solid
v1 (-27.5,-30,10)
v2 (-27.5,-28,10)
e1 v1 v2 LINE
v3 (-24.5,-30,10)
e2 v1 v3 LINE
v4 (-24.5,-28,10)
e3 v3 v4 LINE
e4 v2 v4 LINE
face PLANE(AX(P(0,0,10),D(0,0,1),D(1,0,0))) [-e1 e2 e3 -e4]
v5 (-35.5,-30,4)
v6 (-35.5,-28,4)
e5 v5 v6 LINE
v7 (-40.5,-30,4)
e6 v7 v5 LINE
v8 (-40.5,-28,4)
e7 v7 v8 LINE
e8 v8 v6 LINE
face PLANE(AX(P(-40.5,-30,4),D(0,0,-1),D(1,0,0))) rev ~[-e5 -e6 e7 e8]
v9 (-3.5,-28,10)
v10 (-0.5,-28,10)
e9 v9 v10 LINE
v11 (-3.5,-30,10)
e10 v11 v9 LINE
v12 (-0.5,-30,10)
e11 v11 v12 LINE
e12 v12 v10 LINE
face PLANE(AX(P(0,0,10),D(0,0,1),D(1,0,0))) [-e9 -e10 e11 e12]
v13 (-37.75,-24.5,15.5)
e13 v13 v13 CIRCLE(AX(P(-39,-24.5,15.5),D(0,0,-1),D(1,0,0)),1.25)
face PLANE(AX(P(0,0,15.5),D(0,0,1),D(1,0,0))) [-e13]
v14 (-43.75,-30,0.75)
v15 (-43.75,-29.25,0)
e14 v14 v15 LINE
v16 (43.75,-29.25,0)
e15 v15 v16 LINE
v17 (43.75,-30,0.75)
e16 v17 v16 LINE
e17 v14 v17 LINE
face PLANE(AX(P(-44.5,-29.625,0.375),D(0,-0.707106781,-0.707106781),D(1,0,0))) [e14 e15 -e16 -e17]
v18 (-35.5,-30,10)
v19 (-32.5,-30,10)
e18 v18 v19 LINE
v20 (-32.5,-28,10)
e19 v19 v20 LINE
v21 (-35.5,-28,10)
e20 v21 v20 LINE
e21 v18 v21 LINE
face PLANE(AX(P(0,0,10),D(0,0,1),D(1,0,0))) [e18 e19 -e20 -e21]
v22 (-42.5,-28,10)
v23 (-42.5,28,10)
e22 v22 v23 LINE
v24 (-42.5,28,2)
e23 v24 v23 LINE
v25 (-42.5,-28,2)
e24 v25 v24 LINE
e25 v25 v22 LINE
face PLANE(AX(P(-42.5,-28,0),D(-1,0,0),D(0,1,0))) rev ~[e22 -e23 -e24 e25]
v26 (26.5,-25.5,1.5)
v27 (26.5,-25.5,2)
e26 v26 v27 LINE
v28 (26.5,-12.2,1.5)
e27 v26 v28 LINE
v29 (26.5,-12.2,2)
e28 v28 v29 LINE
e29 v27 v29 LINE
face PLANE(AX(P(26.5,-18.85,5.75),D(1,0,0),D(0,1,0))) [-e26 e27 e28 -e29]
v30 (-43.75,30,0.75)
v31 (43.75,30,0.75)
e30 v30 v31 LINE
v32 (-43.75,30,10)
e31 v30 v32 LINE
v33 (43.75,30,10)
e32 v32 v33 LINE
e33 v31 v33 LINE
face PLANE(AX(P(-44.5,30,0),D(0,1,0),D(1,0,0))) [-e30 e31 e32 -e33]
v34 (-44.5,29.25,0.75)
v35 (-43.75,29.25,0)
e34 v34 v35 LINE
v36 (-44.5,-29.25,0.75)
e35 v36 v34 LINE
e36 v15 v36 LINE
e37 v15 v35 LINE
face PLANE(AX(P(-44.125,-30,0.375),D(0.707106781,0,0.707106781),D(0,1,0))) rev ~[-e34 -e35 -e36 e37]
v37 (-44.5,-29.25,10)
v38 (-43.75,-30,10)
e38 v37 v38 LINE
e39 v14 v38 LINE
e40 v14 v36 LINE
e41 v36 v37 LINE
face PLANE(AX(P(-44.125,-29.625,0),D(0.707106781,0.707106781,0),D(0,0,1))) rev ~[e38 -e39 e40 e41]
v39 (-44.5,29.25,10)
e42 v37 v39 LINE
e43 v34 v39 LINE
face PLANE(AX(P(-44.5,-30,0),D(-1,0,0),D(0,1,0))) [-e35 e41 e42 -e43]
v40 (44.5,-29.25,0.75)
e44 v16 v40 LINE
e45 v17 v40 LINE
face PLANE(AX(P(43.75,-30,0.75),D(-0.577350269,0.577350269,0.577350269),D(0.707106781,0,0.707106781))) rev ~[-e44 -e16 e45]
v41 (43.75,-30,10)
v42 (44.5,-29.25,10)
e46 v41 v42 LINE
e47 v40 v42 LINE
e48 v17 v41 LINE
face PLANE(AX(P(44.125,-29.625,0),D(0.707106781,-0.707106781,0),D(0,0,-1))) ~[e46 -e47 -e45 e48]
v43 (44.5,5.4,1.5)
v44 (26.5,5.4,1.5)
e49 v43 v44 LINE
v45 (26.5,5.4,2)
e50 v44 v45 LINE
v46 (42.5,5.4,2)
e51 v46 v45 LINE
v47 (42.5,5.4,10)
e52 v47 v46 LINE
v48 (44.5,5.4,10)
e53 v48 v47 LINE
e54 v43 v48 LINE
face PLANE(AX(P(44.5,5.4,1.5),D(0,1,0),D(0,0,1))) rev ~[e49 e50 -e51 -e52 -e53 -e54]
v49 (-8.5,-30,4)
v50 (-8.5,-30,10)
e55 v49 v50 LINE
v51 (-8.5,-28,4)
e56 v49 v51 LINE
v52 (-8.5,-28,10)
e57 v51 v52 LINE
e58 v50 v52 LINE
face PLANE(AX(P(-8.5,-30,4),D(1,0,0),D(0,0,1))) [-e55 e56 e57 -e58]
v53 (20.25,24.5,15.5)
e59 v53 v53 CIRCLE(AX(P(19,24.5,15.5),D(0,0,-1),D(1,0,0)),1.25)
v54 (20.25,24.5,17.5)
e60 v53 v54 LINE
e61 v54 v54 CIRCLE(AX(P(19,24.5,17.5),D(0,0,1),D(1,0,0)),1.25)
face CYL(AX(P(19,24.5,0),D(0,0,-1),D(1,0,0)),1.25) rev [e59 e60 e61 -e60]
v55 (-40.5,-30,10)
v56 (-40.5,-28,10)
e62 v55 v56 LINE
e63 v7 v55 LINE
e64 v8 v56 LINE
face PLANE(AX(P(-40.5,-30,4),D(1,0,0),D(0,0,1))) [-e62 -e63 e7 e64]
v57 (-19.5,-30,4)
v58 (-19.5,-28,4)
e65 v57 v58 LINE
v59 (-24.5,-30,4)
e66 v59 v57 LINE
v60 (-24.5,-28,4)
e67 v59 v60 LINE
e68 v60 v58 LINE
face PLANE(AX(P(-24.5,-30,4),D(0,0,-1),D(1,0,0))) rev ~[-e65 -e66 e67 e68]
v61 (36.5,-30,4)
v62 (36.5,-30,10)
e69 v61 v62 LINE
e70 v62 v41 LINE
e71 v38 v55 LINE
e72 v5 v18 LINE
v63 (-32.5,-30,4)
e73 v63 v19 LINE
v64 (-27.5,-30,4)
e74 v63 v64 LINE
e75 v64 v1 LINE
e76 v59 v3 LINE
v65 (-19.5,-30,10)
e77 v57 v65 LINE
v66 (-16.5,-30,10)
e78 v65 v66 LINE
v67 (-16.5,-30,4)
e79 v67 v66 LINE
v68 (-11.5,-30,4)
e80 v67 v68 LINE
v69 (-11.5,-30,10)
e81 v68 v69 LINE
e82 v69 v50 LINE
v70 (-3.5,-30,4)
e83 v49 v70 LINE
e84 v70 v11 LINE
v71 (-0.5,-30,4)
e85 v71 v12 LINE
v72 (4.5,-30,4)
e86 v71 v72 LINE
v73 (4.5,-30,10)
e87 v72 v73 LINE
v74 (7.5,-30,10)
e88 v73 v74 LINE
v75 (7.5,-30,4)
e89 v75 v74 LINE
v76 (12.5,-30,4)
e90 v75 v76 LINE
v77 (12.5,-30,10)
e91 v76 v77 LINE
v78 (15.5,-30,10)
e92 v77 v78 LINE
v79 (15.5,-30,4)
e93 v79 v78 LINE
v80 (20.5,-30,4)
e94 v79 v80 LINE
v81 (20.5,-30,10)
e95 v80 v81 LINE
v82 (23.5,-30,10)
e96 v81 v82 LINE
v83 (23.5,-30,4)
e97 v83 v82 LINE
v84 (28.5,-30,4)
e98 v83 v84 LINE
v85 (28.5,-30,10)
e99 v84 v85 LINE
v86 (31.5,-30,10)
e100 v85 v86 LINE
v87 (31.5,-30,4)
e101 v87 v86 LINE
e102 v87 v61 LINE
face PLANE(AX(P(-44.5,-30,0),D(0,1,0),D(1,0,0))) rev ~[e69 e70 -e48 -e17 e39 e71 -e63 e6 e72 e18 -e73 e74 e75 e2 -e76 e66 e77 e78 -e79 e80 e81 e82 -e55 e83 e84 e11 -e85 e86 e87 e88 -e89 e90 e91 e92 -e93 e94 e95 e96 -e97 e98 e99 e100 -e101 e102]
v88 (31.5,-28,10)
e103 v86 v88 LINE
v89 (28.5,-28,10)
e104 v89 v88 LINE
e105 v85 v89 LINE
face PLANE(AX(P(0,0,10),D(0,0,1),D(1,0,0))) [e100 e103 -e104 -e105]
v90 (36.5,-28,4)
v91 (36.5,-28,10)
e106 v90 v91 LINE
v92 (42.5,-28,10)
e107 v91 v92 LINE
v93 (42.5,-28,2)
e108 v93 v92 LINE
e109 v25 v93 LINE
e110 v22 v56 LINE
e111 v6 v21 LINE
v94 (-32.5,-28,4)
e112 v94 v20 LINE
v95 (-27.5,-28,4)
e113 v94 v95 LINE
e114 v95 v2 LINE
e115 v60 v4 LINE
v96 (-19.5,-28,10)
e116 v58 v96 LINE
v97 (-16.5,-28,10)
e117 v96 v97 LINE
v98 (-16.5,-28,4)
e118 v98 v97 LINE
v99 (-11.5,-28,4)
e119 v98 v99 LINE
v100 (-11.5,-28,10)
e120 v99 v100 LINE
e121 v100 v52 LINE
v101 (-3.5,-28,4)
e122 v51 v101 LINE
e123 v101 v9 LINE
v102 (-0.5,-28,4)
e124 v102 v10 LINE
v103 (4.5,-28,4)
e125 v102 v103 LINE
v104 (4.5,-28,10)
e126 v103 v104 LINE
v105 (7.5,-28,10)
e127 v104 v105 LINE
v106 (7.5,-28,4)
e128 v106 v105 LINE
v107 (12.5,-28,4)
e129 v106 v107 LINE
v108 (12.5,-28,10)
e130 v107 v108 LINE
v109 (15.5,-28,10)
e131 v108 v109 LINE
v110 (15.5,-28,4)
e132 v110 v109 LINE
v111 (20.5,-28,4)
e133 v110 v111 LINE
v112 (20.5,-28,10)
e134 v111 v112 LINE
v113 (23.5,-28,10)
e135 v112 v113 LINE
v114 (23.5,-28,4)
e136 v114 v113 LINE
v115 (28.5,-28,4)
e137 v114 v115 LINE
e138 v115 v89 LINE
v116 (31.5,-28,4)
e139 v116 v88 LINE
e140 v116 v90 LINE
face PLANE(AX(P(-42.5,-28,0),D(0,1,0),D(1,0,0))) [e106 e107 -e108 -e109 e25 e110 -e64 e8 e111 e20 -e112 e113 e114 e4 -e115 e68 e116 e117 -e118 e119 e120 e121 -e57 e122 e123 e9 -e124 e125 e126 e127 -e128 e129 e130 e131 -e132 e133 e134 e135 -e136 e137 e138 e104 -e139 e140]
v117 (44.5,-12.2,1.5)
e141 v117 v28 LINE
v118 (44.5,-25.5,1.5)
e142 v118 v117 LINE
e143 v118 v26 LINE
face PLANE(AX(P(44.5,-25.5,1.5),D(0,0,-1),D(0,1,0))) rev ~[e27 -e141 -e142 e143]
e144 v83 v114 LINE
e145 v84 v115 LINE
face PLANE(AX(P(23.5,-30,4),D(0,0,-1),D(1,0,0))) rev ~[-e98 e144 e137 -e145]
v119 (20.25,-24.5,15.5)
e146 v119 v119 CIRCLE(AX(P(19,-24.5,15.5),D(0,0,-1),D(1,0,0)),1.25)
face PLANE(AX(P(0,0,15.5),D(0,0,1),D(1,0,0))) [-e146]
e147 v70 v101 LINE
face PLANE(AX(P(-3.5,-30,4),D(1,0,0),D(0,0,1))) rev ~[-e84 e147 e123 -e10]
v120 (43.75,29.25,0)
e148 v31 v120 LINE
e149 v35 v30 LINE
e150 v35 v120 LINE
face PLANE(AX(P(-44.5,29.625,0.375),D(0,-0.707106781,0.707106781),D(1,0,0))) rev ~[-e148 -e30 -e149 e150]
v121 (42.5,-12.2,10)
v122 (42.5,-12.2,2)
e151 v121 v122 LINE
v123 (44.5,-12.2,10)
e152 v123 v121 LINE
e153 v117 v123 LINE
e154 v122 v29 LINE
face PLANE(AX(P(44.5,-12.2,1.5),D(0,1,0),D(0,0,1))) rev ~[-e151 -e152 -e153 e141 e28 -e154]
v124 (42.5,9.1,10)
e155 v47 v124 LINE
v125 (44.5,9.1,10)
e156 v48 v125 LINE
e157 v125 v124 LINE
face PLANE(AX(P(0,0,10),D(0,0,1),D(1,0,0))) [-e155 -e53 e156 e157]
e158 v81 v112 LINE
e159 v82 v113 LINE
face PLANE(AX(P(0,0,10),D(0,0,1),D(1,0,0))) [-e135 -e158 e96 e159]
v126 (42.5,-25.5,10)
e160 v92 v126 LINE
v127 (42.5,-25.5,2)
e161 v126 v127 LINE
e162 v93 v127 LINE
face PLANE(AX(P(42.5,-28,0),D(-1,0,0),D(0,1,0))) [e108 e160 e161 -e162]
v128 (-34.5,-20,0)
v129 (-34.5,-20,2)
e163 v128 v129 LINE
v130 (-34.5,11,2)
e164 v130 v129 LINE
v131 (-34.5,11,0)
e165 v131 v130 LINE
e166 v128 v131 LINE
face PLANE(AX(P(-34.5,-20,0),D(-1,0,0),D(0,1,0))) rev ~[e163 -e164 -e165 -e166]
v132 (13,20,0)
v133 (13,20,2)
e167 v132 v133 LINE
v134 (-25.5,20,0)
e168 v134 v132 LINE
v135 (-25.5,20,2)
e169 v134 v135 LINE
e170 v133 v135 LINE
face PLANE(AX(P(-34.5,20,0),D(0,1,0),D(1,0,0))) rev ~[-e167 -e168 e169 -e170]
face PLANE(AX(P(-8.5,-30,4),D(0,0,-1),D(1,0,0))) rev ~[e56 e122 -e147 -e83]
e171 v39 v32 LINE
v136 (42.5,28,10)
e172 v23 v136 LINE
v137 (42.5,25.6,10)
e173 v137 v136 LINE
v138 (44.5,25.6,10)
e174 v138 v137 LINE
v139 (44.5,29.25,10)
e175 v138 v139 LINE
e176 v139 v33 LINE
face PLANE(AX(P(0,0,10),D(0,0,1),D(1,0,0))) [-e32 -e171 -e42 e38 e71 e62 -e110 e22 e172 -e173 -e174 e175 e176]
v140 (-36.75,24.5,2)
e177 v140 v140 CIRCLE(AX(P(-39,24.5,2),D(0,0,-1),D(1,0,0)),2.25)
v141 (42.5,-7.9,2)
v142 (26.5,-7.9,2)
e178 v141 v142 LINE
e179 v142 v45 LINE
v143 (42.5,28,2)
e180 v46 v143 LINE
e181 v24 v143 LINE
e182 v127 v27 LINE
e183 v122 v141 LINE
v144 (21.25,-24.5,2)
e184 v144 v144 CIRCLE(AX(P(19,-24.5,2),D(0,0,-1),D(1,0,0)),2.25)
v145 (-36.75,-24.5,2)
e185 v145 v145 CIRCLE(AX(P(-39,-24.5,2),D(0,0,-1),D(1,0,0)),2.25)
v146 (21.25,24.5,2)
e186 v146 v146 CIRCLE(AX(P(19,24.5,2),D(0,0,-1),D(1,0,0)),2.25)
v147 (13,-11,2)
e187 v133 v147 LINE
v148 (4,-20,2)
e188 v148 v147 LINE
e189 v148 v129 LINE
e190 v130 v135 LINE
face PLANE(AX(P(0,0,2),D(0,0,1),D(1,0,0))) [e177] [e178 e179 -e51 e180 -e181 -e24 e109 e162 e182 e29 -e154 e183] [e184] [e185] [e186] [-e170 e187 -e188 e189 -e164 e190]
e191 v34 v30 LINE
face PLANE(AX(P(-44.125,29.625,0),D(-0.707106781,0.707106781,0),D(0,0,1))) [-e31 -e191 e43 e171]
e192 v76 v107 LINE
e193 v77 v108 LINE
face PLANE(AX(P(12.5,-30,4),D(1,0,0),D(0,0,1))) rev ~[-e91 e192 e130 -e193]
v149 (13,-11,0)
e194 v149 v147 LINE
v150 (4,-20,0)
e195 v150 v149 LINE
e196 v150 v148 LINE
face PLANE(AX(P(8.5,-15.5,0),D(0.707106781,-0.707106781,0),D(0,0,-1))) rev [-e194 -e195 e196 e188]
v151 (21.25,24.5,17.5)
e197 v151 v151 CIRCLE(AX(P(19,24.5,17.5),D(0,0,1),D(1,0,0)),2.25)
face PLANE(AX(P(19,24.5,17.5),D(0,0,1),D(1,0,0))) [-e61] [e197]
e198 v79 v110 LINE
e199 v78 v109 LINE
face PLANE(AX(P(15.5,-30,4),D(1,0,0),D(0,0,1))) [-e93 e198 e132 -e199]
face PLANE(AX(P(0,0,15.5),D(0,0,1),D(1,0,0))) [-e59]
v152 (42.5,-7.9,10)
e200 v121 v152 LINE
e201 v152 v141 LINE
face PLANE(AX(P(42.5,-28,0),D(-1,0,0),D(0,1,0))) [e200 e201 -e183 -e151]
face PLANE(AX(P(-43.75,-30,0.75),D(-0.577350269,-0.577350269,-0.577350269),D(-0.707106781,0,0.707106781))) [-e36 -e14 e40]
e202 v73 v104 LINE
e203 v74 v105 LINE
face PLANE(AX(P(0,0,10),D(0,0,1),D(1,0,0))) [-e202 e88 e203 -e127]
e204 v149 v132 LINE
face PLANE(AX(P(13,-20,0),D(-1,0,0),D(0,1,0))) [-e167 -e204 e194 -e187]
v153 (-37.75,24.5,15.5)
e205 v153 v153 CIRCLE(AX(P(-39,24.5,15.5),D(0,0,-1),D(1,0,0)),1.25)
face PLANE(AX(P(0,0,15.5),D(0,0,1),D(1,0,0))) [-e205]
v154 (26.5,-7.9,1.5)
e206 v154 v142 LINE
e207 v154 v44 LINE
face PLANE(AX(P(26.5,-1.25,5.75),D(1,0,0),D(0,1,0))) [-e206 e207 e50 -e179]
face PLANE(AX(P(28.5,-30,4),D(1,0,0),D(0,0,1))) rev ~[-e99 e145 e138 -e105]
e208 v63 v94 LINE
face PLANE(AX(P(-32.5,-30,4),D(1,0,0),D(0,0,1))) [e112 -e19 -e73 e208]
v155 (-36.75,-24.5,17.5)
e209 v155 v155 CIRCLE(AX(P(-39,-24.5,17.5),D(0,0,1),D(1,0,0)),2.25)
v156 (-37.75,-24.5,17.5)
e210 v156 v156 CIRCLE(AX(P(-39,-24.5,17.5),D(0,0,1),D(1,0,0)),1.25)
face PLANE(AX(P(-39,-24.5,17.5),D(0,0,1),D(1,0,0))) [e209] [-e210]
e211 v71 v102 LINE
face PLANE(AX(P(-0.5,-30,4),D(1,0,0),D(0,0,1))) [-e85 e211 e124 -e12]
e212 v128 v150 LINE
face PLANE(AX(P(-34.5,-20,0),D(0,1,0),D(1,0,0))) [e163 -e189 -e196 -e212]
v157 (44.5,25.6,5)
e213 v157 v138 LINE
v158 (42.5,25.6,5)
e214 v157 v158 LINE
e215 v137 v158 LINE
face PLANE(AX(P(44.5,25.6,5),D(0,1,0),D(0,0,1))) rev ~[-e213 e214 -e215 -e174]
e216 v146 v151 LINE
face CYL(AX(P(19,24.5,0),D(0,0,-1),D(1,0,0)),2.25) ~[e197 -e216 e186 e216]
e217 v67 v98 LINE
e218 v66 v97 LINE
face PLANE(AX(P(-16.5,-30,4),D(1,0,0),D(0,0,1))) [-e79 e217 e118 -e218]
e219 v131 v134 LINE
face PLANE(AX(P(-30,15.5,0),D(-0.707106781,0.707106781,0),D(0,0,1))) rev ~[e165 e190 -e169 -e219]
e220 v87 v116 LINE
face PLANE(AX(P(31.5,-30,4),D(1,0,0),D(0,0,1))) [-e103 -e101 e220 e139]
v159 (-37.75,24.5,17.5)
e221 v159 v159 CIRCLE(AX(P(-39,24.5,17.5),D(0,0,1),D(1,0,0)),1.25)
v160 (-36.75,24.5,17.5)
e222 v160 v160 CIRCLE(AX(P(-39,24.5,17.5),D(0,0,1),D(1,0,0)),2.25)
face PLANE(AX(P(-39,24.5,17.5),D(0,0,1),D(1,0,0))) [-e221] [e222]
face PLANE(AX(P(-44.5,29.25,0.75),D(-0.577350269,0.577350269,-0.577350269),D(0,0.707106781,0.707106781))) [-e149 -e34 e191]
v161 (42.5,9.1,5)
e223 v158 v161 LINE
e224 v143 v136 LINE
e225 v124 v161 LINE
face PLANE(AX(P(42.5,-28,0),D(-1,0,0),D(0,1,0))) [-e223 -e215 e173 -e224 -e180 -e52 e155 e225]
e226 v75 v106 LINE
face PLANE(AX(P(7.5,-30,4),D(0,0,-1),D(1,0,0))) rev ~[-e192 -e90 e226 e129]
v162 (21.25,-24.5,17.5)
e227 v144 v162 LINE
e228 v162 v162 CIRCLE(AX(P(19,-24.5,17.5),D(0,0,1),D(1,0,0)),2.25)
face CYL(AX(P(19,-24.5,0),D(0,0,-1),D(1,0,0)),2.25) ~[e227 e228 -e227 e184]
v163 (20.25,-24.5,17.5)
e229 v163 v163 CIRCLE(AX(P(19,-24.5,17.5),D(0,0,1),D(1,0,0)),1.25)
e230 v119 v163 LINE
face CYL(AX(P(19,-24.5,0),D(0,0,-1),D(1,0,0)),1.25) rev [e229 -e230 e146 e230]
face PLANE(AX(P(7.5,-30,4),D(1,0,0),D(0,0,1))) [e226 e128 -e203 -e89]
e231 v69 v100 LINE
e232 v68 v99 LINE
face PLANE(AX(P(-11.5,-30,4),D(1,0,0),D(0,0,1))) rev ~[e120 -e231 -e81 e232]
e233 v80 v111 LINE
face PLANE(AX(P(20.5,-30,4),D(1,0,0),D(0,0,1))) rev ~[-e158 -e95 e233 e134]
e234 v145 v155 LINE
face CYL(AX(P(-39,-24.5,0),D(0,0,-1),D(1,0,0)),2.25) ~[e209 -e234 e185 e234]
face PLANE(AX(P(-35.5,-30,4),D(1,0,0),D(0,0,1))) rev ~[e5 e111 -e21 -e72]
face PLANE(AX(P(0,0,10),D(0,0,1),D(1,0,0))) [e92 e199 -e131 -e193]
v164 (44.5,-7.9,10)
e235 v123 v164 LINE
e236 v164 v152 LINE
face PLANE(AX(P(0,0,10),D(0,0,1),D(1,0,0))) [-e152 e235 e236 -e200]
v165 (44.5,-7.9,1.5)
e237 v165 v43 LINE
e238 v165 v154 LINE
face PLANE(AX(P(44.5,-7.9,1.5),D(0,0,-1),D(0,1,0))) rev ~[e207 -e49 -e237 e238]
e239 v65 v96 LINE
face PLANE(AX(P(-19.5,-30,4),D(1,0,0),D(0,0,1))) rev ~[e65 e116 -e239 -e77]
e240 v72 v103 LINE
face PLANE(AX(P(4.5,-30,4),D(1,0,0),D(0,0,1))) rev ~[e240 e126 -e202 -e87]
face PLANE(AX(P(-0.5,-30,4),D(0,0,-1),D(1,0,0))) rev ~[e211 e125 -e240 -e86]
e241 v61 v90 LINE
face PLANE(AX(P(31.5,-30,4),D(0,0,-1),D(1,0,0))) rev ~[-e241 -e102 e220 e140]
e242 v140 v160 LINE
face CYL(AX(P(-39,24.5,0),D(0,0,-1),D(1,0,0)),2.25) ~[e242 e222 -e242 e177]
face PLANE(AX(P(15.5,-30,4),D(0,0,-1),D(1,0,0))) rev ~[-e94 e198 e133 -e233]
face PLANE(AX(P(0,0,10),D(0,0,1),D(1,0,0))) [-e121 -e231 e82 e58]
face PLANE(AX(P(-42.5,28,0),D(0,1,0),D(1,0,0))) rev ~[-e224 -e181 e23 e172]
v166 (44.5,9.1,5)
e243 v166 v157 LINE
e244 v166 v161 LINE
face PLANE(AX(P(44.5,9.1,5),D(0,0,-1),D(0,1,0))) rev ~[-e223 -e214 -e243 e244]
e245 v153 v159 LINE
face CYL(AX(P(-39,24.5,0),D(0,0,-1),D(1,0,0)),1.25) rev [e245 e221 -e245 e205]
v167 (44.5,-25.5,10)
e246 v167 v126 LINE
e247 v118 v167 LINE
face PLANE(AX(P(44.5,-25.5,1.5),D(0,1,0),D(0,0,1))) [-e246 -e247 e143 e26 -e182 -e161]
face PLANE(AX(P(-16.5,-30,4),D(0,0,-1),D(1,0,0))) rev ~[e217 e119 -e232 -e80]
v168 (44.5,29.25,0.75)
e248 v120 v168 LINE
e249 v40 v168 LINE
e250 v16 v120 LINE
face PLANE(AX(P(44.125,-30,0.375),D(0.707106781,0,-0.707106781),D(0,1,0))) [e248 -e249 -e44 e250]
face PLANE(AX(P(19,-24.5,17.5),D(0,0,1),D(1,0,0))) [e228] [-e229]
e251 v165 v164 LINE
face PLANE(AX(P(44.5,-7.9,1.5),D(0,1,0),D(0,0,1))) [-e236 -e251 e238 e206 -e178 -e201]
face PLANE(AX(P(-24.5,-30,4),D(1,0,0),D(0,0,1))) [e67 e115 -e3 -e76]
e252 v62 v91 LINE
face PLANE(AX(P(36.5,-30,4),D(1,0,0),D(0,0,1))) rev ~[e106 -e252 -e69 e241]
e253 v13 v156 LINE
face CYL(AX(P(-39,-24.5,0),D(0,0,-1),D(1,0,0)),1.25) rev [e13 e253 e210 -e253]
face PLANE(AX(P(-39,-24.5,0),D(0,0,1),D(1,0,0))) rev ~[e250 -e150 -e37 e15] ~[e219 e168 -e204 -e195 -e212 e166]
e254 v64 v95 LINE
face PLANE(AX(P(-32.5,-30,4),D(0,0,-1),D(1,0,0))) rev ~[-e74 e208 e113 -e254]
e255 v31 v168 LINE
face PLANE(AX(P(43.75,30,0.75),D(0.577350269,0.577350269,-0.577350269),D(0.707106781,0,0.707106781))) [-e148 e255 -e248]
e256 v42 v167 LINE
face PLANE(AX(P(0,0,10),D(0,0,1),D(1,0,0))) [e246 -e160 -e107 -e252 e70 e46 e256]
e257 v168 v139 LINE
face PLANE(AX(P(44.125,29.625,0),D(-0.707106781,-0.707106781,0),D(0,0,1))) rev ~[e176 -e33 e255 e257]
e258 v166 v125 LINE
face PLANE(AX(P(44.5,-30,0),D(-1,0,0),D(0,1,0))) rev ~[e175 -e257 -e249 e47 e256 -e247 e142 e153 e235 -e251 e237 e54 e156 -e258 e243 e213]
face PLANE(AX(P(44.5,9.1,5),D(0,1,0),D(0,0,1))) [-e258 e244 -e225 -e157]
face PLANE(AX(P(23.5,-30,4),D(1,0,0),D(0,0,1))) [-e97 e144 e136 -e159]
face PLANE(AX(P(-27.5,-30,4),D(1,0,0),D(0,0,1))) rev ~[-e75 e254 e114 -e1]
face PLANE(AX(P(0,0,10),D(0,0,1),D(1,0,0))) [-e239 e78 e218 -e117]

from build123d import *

# Parameters (mm, degrees)
F0_W      = 89
F0_H      = 60
F0_W_2    = 85
F0_H_2    = 56
F1_DEPTH  = 10
F2_DEPTH  = 2
F3_W      = 13.3
F3_H      = 8.5
F3_W_2    = 16.5
F3_H_2    = 5
F4_DEPTH  = 18
F5_SIZE   = 0.75
F6_R      = 2.25
F6_R_2    = 1.25
F7_DEPTH  = 17.5
F8_DEPTH  = 13.5
F9_W      = 47.5
F9_H      = 40
F10_DEPTH = 25
F11_SIZE  = 9
F12_W     = 5
F12_H     = 6
F13_DEPTH = 2


with BuildPart() as f1:
    # F0 (on Top) → F1 (new body)
    with BuildSketch(Plane.XY):
        Rectangle(F0_W, F0_H)
        Rectangle(F0_W_2, F0_H_2, mode=Mode.SUBTRACT)
    extrude(amount=F1_DEPTH)

    # F0 (on Top) → F2 (join)
    with BuildSketch(Plane.XY):
        Rectangle(F0_W_2, F0_H_2)
    extrude(amount=F2_DEPTH)

    # F3 (on face) → F4 (cut)
    with BuildSketch(Plane.YZ.offset(44.5)):
        with Locations((-18.85, 5.75)):
            Rectangle(F3_W, F3_H)
        with Locations((-1.25, 5.75)):
            Rectangle(F3_W, F3_H)
        with Locations((17.35, 7.5)):
            Rectangle(F3_W_2, F3_H_2)
    extrude(amount=-F4_DEPTH, mode=Mode.SUBTRACT)

    # F5
    f5_edges = [f1.edges().sort_by_distance(p)[0] for p in [
        (44.5, 0, 0),
        (0, 30, 0),
        (-44.5, 0, 0),
        (0, -30, 0),
        (44.5, -30, 5),
        (-44.5, -30, 5),
        (-44.5, 30, 5),
        (44.5, 30, 5),
    ]]
    chamfer(f5_edges, length=F5_SIZE)

    # F6 (on face) → F7 (join)
    with BuildSketch(Plane.XY):
        with Locations((-39, -24.5)):
            Circle(F6_R)
        with Locations((-39, -24.5)):
            Circle(F6_R_2, mode=Mode.SUBTRACT)
        with Locations((19, -24.5)):
            Circle(F6_R)
        with Locations((19, -24.5)):
            Circle(F6_R_2, mode=Mode.SUBTRACT)
        with Locations((19, 24.5)):
            Circle(F6_R)
        with Locations((19, 24.5)):
            Circle(F6_R_2, mode=Mode.SUBTRACT)
        with Locations((-39, 24.5)):
            Circle(F6_R)
        with Locations((-39, 24.5)):
            Circle(F6_R_2, mode=Mode.SUBTRACT)
    extrude(amount=F7_DEPTH)

    # F8 (add): faces of the model
    f8_faces = [f1.faces().sort_by_distance(p)[0] for p in [
        (-39, 24.5, 2),
        (-39, -24.5, 2),
        (19, 24.5, 2),
        (19, -24.5, 2),
    ]]
    extrude(f8_faces, amount=F8_DEPTH)

    # F9 (on face) → F10 (cut)
    with BuildSketch(Plane.XY):
        with Locations((-10.75, 0)):
            Rectangle(F9_W, F9_H)
    extrude(amount=F10_DEPTH, mode=Mode.SUBTRACT)

    # F11
    f11_edges = [f1.edges().sort_by_distance(p)[0] for p in [
        (13, -20, 1),
        (-34.5, 20, 1),
    ]]
    chamfer(f11_edges, length=F11_SIZE)

    # F12 (on face) → F13 (cut)
    with BuildSketch(Plane.XZ.offset(30)):
        with Locations((34, 7)):
            Rectangle(F12_W, F12_H)
        with Locations((26, 7)):
            Rectangle(F12_W, F12_H)
        with Locations((18, 7)):
            Rectangle(F12_W, F12_H)
        with Locations((10, 7)):
            Rectangle(F12_W, F12_H)
        with Locations((2, 7)):
            Rectangle(F12_W, F12_H)
        with Locations((-6, 7)):
            Rectangle(F12_W, F12_H)
        with Locations((-14, 7)):
            Rectangle(F12_W, F12_H)
        with Locations((-22, 7)):
            Rectangle(F12_W, F12_H)
        with Locations((-30, 7)):
            Rectangle(F12_W, F12_H)
        with Locations((-38, 7)):
            Rectangle(F12_W, F12_H)
    extrude(amount=-F13_DEPTH, mode=Mode.SUBTRACT)


solid = f1.part
